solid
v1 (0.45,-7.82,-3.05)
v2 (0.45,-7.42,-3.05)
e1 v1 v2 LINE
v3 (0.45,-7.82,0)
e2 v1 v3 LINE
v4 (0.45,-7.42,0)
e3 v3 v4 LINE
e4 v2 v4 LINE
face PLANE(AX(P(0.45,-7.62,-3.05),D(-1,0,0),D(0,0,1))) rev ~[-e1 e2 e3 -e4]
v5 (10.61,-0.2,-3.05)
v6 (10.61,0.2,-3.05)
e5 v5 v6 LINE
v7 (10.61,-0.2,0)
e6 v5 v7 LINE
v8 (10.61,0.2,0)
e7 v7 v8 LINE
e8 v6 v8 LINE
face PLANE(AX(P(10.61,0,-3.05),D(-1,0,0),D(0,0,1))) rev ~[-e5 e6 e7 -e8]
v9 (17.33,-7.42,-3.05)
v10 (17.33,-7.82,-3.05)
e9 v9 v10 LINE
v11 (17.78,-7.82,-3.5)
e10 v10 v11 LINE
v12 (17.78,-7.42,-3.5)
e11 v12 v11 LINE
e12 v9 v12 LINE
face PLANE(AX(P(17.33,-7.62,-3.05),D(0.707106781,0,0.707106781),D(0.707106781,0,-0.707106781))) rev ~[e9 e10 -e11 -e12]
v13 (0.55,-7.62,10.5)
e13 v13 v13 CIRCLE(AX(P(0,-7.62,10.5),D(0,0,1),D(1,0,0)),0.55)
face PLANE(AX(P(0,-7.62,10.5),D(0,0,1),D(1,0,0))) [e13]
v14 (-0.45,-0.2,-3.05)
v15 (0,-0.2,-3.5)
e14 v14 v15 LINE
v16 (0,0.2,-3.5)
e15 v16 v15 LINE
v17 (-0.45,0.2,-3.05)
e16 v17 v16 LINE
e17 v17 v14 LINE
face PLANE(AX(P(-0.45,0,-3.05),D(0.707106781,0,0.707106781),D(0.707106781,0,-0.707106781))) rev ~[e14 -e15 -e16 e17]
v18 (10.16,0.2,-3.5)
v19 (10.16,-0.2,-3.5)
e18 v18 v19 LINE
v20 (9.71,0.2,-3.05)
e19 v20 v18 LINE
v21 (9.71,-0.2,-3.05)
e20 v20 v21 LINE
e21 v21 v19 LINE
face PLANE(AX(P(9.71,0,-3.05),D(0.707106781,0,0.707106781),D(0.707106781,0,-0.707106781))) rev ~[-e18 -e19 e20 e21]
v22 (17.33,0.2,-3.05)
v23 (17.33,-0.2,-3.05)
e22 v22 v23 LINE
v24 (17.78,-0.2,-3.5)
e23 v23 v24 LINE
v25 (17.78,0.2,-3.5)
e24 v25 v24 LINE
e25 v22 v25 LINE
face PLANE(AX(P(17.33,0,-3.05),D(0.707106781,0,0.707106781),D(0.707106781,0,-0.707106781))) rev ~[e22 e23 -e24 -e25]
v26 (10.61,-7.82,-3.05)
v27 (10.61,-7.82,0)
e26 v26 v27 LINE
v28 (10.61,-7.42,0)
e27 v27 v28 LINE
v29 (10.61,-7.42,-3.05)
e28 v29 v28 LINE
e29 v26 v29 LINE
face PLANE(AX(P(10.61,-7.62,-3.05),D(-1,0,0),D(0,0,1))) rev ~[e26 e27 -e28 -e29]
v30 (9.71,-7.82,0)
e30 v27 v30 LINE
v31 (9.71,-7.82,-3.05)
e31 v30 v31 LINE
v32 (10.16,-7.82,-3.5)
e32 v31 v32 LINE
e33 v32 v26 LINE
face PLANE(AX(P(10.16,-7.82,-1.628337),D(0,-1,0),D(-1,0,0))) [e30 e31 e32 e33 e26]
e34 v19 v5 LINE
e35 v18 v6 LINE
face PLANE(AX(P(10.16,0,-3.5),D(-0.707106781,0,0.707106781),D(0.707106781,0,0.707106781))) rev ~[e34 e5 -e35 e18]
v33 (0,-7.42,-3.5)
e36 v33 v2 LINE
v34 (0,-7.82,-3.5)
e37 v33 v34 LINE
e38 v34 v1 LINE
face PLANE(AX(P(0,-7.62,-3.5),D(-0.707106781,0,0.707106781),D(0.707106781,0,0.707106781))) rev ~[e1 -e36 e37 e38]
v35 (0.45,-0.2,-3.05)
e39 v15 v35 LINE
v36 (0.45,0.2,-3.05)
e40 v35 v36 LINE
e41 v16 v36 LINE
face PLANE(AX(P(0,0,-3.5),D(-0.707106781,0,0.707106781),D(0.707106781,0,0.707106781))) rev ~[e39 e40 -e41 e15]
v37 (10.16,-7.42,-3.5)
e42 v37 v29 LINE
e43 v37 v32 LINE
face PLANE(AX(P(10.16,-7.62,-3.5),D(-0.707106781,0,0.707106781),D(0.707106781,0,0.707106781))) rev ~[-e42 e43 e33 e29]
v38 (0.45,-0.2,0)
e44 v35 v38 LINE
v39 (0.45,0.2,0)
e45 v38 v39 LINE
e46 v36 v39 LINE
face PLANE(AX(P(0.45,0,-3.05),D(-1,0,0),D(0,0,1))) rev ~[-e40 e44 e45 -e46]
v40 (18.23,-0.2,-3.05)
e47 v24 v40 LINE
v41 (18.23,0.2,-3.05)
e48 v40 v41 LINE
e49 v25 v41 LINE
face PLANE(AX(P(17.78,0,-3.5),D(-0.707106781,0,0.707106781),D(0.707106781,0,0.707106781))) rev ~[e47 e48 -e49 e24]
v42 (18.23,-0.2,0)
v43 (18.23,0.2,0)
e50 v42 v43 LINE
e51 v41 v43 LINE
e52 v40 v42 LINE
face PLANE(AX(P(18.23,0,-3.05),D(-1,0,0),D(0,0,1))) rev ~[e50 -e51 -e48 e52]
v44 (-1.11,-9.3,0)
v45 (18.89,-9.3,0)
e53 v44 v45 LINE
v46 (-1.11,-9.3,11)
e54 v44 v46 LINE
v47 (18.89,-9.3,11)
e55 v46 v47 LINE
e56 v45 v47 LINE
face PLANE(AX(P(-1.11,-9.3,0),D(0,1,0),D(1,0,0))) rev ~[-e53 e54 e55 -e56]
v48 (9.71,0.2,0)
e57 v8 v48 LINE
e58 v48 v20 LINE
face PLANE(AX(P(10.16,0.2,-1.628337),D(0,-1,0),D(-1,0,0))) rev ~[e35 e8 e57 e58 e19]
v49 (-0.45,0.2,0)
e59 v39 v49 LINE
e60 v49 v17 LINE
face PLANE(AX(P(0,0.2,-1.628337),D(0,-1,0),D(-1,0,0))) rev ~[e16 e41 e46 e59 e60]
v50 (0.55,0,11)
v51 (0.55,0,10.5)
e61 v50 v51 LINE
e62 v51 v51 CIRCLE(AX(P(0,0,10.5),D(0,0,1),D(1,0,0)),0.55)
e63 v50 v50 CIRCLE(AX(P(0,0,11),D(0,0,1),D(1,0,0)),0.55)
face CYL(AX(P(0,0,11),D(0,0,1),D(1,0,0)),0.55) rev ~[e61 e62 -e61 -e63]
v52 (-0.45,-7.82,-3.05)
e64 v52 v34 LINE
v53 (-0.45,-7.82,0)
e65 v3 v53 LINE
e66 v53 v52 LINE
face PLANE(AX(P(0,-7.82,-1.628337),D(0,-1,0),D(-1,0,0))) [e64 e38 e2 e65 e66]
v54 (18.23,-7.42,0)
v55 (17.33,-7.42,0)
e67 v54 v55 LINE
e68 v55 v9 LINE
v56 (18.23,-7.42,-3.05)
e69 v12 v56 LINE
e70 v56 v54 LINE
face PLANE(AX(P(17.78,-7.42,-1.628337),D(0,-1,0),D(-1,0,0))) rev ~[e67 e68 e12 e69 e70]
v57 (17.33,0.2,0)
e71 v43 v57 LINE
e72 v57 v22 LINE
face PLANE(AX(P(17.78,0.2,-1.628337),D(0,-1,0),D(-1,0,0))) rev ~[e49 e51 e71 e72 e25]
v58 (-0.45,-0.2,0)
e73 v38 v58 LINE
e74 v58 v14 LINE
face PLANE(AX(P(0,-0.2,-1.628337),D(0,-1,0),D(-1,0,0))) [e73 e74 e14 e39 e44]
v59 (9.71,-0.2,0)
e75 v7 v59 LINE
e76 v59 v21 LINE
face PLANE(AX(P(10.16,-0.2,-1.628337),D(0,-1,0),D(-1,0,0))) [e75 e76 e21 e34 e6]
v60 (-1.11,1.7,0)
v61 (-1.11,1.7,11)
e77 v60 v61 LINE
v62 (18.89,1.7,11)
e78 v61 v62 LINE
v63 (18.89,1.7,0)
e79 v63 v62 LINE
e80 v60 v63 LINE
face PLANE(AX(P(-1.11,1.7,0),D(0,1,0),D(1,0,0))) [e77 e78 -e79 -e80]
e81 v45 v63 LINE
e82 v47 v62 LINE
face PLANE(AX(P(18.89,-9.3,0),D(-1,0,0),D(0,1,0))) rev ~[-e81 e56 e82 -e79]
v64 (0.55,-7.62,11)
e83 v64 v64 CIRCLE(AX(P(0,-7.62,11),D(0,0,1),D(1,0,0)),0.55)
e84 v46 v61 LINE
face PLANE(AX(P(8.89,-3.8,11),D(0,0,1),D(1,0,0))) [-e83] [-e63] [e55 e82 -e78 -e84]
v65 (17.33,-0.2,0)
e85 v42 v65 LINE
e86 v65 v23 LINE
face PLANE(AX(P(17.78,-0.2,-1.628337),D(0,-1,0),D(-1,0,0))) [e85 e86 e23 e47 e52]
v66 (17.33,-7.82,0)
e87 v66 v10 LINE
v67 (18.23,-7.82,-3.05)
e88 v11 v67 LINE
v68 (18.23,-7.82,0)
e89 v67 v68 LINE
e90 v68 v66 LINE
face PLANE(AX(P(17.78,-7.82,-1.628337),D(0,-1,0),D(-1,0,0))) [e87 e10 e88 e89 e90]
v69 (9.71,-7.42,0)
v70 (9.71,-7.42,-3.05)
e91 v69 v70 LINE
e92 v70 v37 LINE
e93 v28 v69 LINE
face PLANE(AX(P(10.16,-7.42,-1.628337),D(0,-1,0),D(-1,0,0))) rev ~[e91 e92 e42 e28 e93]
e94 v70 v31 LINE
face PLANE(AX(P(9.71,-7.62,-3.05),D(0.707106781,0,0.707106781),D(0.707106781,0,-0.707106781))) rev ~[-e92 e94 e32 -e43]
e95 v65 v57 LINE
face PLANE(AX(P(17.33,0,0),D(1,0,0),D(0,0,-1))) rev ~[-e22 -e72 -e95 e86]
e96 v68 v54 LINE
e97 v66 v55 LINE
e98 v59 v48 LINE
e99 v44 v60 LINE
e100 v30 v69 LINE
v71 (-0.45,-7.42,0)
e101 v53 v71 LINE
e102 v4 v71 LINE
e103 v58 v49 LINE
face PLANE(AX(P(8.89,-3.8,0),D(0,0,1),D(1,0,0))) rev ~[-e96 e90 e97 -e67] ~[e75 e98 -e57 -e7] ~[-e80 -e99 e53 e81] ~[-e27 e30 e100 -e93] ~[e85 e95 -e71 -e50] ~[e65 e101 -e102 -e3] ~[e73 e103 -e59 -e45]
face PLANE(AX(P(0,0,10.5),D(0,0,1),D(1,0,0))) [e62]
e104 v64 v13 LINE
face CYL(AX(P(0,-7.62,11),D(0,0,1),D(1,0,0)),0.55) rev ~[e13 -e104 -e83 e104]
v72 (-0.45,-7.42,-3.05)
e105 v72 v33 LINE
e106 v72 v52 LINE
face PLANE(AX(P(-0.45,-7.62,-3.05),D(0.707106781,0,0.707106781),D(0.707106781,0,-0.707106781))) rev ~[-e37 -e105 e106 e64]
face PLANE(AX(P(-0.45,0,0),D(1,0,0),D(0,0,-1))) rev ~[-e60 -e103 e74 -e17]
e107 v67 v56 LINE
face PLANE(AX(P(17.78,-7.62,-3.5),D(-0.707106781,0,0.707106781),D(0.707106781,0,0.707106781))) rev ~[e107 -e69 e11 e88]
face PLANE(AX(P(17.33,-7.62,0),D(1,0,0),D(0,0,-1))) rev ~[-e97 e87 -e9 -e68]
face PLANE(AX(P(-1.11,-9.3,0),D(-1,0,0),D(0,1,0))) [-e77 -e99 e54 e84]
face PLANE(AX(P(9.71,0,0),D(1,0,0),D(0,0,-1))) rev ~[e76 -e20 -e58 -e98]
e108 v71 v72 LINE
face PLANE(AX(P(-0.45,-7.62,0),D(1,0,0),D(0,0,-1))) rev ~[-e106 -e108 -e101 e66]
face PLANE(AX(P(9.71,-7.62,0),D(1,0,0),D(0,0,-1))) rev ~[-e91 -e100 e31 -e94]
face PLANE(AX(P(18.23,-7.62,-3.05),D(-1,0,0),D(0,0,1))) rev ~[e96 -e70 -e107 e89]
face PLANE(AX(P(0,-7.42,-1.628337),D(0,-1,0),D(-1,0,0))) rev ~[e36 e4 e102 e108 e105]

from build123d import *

# Parameters (mm, degrees)
SKIZZE1_W                       = 20
SKIZZE1_H                       = 11
AUFSATZ_LINEAR_AUSTRAGEN1_DEPTH = 11
SKIZZE2_R                       = 0.55
SCHNITT_LINEAR_AUSTRAGEN1_DEPTH = 0.5
AUFSATZ_LINEAR_AUSTRAGEN2_DEPTH = 0.2
LINEARES_MUSTER1_COUNT          = 2
LINEARES_MUSTER1_PITCH          = 10.16
LINEARES_MUSTER2_COUNT          = 2
LINEARES_MUSTER2_PITCH          = 17.78
LINEARES_MUSTER3_COUNT          = 2
LINEARES_MUSTER3_PITCH          = 7.62
LINEARES_MUSTER3_COPY_1_DEPTH   = 0.2
LINEARES_MUSTER3_COPY_2_DEPTH   = 0.2


with BuildPart() as part:
    # Skizze1 → Aufsatz-Linear austragen1 (new body)
    with BuildSketch(Plane.XY):
        with Locations((8.89, -3.8)):
            Rectangle(SKIZZE1_W, SKIZZE1_H)
    extrude(amount=AUFSATZ_LINEAR_AUSTRAGEN1_DEPTH)

    # Skizze2 → Schnitt-Linear austragen1 (cut)
    with BuildSketch(Plane.XY.offset(11)):
        Circle(SKIZZE2_R)
        with Locations((0, -7.62)):
            Circle(SKIZZE2_R)
    extrude(amount=-SCHNITT_LINEAR_AUSTRAGEN1_DEPTH, mode=Mode.SUBTRACT)

    # Skizze3 → Aufsatz-Linear austragen2 (add, symmetric)
    with BuildSketch(Plane(origin=(0, 0, 0), x_dir=(1, 0, 0), z_dir=(0, 1, 0))):
        Polygon((-0.45, 0), (-0.45, 3.05), (0, 3.5), (0.45, 3.05), (0.45, 0), align=None)
    aufsatz_linear_austragen2 = extrude(amount=AUFSATZ_LINEAR_AUSTRAGEN2_DEPTH, both=True)

    # Lineares Muster1: Aufsatz-Linear austragen2 ×2
    with Locations(*[(i * LINEARES_MUSTER1_PITCH, 0, 0) for i in range(1, LINEARES_MUSTER1_COUNT)]):
        add(aufsatz_linear_austragen2)

    # Lineares Muster2: Aufsatz-Linear austragen2 ×2
    with Locations(*[(i * LINEARES_MUSTER2_PITCH, 0, 0) for i in range(1, LINEARES_MUSTER2_COUNT)]):
        add(aufsatz_linear_austragen2)

    # Lineares Muster3: Aufsatz-Linear austragen2 ×2
    with Locations(*[(0, -i * LINEARES_MUSTER3_PITCH, 0) for i in range(1, LINEARES_MUSTER3_COUNT)]):
        add(aufsatz_linear_austragen2)

    # Lineares Muster3 copy 1 sketch → Lineares Muster3 copy 1 (add, symmetric)
    with BuildSketch(Plane(origin=(10.16, -7.62, 0), x_dir=(1, 0, 0), z_dir=(0, 1, 0))):
        Polygon((-0.45, 0), (-0.45, 3.05), (0, 3.5), (0.45, 3.05), (0.45, 0), align=None)
    extrude(amount=LINEARES_MUSTER3_COPY_1_DEPTH, both=True)

    # Lineares Muster3 copy 2 sketch → Lineares Muster3 copy 2 (add, symmetric)
    with BuildSketch(Plane(origin=(17.78, -7.62, 0), x_dir=(1, 0, 0), z_dir=(0, 1, 0))):
        Polygon((-0.45, 0), (-0.45, 3.05), (0, 3.5), (0.45, 3.05), (0.45, 0), align=None)
    extrude(amount=LINEARES_MUSTER3_COPY_2_DEPTH, both=True)


solid = part.part
